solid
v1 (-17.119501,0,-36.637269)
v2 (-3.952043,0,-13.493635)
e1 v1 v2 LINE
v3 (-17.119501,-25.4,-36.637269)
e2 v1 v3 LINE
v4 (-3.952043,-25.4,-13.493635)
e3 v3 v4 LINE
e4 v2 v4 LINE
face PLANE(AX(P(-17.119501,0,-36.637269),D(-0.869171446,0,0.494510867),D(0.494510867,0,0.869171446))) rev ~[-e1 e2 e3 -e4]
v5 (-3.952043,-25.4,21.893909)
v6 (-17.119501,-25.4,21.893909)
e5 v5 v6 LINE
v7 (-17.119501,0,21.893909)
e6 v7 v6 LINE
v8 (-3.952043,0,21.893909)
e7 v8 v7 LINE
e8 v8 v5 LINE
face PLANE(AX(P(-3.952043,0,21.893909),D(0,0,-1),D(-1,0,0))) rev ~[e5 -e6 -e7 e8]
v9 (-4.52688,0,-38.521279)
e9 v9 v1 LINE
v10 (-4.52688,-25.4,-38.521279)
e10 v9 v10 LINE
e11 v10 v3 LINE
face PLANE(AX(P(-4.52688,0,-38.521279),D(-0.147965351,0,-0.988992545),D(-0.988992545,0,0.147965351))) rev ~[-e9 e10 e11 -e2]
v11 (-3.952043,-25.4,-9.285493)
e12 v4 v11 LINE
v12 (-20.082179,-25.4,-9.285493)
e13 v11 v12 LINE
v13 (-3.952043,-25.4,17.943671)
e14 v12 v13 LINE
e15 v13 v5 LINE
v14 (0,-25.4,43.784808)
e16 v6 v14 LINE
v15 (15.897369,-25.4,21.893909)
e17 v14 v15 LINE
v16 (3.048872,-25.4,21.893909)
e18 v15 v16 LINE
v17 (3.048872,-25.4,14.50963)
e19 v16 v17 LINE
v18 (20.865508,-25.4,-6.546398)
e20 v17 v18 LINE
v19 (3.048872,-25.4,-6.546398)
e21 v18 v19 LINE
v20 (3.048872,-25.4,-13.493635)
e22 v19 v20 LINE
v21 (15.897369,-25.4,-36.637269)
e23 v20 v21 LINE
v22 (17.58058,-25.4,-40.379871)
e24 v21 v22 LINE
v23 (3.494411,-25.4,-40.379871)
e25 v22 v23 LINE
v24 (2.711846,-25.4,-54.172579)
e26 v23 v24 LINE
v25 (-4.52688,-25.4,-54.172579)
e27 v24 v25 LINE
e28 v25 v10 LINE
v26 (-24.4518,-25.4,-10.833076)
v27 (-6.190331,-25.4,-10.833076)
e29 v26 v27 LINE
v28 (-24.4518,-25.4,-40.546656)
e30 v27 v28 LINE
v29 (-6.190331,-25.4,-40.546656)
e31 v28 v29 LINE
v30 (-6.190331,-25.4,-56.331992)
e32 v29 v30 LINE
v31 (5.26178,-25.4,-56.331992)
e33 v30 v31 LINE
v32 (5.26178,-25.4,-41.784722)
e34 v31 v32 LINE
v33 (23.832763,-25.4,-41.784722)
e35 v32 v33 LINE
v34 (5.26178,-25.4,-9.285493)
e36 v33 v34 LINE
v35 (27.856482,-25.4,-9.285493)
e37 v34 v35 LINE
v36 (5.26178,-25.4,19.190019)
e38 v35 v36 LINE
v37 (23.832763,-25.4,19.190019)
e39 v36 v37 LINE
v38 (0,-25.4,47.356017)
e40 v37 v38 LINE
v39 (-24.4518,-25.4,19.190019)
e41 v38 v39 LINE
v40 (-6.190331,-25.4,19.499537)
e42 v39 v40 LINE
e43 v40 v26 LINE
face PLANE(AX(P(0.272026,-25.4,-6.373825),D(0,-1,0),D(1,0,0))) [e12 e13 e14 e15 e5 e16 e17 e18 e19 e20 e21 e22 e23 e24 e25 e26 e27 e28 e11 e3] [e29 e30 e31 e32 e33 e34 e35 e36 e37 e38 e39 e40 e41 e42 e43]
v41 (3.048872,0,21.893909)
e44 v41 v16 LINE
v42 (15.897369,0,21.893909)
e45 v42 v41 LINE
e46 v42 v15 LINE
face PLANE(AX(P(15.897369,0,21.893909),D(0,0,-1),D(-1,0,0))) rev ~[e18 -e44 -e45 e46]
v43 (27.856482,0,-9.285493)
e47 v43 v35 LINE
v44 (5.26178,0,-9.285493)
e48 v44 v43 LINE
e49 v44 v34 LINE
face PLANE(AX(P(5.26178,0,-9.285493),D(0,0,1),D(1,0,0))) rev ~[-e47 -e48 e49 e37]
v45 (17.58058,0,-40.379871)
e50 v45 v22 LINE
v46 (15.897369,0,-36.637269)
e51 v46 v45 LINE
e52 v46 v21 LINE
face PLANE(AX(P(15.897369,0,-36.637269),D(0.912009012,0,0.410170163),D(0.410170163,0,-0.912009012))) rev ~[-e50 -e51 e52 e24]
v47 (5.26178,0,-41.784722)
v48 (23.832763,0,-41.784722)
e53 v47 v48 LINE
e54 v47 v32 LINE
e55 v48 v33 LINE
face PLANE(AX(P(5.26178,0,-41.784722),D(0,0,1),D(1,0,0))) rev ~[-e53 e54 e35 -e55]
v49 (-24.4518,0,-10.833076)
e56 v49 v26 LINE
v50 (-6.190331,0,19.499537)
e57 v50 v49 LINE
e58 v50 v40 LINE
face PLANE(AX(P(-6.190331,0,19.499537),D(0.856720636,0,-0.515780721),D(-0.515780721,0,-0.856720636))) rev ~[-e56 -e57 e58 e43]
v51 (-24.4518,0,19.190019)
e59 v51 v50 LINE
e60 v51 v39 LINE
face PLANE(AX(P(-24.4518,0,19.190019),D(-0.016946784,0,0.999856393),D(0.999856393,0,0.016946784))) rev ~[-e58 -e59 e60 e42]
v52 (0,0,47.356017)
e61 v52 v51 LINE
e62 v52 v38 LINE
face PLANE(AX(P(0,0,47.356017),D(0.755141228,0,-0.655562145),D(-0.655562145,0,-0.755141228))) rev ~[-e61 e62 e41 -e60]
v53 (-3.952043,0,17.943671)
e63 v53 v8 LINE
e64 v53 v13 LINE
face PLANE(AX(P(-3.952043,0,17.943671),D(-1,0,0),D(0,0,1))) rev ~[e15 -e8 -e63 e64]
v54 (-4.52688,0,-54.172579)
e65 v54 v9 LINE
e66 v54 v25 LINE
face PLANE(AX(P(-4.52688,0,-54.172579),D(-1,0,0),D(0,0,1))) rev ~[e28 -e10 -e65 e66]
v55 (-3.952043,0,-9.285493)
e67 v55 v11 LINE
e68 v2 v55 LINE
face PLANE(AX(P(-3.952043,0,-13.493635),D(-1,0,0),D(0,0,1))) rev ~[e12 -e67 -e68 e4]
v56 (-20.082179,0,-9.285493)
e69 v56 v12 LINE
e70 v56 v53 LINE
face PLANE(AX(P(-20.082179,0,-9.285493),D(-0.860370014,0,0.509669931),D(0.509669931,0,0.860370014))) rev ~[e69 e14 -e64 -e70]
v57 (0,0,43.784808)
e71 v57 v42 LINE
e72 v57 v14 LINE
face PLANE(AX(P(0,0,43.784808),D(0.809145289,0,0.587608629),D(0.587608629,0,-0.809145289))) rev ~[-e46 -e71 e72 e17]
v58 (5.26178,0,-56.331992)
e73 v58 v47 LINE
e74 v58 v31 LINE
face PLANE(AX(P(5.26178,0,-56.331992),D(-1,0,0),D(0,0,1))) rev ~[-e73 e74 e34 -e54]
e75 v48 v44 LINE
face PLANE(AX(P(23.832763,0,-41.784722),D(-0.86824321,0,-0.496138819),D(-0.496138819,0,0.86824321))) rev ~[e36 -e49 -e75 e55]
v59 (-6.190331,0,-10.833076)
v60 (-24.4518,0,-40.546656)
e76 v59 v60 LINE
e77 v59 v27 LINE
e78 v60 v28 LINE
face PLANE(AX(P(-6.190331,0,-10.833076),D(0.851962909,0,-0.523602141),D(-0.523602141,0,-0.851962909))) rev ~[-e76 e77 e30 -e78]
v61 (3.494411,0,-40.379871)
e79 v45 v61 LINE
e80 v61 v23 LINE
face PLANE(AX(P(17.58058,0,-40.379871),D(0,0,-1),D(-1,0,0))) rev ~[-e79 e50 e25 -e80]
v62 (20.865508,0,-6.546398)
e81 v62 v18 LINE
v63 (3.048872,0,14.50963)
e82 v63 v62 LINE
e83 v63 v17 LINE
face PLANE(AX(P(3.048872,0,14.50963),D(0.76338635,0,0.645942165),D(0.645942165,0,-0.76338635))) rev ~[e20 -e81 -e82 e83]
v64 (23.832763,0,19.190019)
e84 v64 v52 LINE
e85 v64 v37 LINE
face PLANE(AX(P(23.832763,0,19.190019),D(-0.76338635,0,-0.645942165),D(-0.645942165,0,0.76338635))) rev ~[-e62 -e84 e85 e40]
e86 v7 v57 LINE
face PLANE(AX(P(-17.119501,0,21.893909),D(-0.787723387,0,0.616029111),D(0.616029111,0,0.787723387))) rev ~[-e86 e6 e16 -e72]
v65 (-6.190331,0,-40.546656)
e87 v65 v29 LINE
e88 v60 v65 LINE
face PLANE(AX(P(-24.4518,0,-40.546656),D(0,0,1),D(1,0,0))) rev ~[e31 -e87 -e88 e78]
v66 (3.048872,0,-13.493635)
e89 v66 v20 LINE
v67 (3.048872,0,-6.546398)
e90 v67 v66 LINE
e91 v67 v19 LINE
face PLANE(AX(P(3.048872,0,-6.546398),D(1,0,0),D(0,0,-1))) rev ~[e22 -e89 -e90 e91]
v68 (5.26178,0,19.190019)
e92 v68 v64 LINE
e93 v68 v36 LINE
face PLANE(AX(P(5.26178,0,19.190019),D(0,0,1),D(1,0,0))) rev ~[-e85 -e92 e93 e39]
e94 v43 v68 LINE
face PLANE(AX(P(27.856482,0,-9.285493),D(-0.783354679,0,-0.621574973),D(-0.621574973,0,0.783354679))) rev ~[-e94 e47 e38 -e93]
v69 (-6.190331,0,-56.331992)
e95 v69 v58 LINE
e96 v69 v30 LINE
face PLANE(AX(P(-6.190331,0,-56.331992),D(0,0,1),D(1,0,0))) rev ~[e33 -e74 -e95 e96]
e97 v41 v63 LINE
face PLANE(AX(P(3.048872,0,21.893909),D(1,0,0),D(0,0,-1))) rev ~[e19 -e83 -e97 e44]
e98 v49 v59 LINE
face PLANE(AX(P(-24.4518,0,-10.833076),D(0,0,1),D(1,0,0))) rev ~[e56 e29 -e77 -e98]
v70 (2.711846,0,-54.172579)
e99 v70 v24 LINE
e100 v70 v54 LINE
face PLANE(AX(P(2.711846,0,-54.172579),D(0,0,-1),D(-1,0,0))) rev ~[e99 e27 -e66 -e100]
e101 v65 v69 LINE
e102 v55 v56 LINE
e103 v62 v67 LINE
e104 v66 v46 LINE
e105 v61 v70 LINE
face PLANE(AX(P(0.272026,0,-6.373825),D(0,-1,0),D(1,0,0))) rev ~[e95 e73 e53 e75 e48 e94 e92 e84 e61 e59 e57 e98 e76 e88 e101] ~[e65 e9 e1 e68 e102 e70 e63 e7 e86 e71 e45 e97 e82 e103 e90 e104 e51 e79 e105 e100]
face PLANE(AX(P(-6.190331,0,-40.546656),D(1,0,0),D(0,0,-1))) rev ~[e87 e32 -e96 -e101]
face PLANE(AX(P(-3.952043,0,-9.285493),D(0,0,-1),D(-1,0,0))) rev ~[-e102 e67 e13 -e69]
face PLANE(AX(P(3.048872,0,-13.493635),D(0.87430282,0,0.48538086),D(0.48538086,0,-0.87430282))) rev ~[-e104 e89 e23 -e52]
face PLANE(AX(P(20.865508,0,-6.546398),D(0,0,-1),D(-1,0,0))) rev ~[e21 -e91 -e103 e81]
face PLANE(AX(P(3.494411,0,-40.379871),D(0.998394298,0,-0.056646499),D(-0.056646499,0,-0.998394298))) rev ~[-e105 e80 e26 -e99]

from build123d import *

# Parameters (mm, degrees)
F1_DEPTH = 25.4
F4_DEPTH = 25.4


with BuildPart() as f1:
    # F0 (on Front) → F1 (new body)
    with BuildSketch(Plane.XZ):
        Polygon((-29.4040627778, -34.6658416092), (-13.9282392338, -34.6658416092), (-13.9282392338, -54.4748939574), (0, -54.4748939574), (0, -34.0468101203), (12.9996910691, -34.0468101203), (0, -9.9045261741), (19.4995384663, -10.8330762014), (0, 19.4995366037), (12.9996910691, 19.4995366037), (-6.4998446032, 39.9276204407), (-25.3803487867, 19.8090523481), (-8.9759770781, 19.8090523481), (-34.6658416092, -9.9045261741), (-13.9282392338, -10.8330762014), align=None)
        Polygon((-20.9672786295, 22.1136379987), (-11.3465078175, 31.0843549669), (-6.3364817826, 36.2658323126), (6.7840320989, 22.5205328315), (-2.7060393941, 22.5205328315), (-2.7060393941, 17.6217724478), (12.9996910691, -6.8093617447), (-2.3284680181, -6.8093617447), (-2.3284680181, -12.9201814463), (8.0474307761, -32.1897082031), (-3.9969988042, -32.1897082031), (-3.9969988042, -51.0926617871), (-11.4108609159, -50.7606975734), (-11.4108609159, -31.906359816), (-23.4664510936, -31.3665568829), (-11.4108609159, -13.363099657), (-11.4108609159, -7.944371215), (-29.4040627778, -7.1387048811), (-7.8362263739, 19.4995366037), (-7.8362263739, 22.1136379987), align=None, mode=Mode.SUBTRACT)
    extrude(amount=F1_DEPTH)


with BuildPart() as f4:
    # F3 (on Front) → F4 (new body)
    with BuildSketch(Plane.XZ):
        Polygon((-24.4517996907, -40.5466556549), (-6.1903311871, -40.5466556549), (-6.1903311871, -56.3319921494), (5.2617802285, -56.3319921494), (5.2617802285, -41.784722358), (23.8327626139, -41.784722358), (5.2617802285, -9.2854928225), (27.8564821929, -9.2854928225), (5.2617802285, 19.1900189966), (23.8327626139, 19.1900189966), (0, 47.3560169339), (-24.4517996907, 19.1900189966), (-6.1903311871, 19.4995366037), (-24.4517996907, -10.8330762014), (-6.1903311871, -10.8330762014), align=None)
        Polygon((-17.1195007861, 21.893909201), (0, 43.7848083675), (15.8973690122, 21.893909201), (3.0488721095, 21.893909201), (3.0488721095, 14.5096303895), (20.8655081271, -6.5463982989), (3.0488721095, -6.5463982989), (3.0488721095, -13.4936347604), (15.8973690122, -36.6372689605), (17.5805799663, -40.379870683), (3.4944114741, -40.379870683), (2.7118462604, -54.1725791991), (-4.5268801041, -54.1725791991), (-4.5268801041, -38.5212786496), (-17.1195007861, -36.6372689605), (-3.9520426653, -13.4936347604), (-3.9520426653, -9.2854928225), (-20.0821794569, -9.2854928225), (-3.9520426653, 17.9436709732), (-3.9520426653, 21.893909201), align=None, mode=Mode.SUBTRACT)
    extrude(amount=F4_DEPTH)


solid = f4.part
